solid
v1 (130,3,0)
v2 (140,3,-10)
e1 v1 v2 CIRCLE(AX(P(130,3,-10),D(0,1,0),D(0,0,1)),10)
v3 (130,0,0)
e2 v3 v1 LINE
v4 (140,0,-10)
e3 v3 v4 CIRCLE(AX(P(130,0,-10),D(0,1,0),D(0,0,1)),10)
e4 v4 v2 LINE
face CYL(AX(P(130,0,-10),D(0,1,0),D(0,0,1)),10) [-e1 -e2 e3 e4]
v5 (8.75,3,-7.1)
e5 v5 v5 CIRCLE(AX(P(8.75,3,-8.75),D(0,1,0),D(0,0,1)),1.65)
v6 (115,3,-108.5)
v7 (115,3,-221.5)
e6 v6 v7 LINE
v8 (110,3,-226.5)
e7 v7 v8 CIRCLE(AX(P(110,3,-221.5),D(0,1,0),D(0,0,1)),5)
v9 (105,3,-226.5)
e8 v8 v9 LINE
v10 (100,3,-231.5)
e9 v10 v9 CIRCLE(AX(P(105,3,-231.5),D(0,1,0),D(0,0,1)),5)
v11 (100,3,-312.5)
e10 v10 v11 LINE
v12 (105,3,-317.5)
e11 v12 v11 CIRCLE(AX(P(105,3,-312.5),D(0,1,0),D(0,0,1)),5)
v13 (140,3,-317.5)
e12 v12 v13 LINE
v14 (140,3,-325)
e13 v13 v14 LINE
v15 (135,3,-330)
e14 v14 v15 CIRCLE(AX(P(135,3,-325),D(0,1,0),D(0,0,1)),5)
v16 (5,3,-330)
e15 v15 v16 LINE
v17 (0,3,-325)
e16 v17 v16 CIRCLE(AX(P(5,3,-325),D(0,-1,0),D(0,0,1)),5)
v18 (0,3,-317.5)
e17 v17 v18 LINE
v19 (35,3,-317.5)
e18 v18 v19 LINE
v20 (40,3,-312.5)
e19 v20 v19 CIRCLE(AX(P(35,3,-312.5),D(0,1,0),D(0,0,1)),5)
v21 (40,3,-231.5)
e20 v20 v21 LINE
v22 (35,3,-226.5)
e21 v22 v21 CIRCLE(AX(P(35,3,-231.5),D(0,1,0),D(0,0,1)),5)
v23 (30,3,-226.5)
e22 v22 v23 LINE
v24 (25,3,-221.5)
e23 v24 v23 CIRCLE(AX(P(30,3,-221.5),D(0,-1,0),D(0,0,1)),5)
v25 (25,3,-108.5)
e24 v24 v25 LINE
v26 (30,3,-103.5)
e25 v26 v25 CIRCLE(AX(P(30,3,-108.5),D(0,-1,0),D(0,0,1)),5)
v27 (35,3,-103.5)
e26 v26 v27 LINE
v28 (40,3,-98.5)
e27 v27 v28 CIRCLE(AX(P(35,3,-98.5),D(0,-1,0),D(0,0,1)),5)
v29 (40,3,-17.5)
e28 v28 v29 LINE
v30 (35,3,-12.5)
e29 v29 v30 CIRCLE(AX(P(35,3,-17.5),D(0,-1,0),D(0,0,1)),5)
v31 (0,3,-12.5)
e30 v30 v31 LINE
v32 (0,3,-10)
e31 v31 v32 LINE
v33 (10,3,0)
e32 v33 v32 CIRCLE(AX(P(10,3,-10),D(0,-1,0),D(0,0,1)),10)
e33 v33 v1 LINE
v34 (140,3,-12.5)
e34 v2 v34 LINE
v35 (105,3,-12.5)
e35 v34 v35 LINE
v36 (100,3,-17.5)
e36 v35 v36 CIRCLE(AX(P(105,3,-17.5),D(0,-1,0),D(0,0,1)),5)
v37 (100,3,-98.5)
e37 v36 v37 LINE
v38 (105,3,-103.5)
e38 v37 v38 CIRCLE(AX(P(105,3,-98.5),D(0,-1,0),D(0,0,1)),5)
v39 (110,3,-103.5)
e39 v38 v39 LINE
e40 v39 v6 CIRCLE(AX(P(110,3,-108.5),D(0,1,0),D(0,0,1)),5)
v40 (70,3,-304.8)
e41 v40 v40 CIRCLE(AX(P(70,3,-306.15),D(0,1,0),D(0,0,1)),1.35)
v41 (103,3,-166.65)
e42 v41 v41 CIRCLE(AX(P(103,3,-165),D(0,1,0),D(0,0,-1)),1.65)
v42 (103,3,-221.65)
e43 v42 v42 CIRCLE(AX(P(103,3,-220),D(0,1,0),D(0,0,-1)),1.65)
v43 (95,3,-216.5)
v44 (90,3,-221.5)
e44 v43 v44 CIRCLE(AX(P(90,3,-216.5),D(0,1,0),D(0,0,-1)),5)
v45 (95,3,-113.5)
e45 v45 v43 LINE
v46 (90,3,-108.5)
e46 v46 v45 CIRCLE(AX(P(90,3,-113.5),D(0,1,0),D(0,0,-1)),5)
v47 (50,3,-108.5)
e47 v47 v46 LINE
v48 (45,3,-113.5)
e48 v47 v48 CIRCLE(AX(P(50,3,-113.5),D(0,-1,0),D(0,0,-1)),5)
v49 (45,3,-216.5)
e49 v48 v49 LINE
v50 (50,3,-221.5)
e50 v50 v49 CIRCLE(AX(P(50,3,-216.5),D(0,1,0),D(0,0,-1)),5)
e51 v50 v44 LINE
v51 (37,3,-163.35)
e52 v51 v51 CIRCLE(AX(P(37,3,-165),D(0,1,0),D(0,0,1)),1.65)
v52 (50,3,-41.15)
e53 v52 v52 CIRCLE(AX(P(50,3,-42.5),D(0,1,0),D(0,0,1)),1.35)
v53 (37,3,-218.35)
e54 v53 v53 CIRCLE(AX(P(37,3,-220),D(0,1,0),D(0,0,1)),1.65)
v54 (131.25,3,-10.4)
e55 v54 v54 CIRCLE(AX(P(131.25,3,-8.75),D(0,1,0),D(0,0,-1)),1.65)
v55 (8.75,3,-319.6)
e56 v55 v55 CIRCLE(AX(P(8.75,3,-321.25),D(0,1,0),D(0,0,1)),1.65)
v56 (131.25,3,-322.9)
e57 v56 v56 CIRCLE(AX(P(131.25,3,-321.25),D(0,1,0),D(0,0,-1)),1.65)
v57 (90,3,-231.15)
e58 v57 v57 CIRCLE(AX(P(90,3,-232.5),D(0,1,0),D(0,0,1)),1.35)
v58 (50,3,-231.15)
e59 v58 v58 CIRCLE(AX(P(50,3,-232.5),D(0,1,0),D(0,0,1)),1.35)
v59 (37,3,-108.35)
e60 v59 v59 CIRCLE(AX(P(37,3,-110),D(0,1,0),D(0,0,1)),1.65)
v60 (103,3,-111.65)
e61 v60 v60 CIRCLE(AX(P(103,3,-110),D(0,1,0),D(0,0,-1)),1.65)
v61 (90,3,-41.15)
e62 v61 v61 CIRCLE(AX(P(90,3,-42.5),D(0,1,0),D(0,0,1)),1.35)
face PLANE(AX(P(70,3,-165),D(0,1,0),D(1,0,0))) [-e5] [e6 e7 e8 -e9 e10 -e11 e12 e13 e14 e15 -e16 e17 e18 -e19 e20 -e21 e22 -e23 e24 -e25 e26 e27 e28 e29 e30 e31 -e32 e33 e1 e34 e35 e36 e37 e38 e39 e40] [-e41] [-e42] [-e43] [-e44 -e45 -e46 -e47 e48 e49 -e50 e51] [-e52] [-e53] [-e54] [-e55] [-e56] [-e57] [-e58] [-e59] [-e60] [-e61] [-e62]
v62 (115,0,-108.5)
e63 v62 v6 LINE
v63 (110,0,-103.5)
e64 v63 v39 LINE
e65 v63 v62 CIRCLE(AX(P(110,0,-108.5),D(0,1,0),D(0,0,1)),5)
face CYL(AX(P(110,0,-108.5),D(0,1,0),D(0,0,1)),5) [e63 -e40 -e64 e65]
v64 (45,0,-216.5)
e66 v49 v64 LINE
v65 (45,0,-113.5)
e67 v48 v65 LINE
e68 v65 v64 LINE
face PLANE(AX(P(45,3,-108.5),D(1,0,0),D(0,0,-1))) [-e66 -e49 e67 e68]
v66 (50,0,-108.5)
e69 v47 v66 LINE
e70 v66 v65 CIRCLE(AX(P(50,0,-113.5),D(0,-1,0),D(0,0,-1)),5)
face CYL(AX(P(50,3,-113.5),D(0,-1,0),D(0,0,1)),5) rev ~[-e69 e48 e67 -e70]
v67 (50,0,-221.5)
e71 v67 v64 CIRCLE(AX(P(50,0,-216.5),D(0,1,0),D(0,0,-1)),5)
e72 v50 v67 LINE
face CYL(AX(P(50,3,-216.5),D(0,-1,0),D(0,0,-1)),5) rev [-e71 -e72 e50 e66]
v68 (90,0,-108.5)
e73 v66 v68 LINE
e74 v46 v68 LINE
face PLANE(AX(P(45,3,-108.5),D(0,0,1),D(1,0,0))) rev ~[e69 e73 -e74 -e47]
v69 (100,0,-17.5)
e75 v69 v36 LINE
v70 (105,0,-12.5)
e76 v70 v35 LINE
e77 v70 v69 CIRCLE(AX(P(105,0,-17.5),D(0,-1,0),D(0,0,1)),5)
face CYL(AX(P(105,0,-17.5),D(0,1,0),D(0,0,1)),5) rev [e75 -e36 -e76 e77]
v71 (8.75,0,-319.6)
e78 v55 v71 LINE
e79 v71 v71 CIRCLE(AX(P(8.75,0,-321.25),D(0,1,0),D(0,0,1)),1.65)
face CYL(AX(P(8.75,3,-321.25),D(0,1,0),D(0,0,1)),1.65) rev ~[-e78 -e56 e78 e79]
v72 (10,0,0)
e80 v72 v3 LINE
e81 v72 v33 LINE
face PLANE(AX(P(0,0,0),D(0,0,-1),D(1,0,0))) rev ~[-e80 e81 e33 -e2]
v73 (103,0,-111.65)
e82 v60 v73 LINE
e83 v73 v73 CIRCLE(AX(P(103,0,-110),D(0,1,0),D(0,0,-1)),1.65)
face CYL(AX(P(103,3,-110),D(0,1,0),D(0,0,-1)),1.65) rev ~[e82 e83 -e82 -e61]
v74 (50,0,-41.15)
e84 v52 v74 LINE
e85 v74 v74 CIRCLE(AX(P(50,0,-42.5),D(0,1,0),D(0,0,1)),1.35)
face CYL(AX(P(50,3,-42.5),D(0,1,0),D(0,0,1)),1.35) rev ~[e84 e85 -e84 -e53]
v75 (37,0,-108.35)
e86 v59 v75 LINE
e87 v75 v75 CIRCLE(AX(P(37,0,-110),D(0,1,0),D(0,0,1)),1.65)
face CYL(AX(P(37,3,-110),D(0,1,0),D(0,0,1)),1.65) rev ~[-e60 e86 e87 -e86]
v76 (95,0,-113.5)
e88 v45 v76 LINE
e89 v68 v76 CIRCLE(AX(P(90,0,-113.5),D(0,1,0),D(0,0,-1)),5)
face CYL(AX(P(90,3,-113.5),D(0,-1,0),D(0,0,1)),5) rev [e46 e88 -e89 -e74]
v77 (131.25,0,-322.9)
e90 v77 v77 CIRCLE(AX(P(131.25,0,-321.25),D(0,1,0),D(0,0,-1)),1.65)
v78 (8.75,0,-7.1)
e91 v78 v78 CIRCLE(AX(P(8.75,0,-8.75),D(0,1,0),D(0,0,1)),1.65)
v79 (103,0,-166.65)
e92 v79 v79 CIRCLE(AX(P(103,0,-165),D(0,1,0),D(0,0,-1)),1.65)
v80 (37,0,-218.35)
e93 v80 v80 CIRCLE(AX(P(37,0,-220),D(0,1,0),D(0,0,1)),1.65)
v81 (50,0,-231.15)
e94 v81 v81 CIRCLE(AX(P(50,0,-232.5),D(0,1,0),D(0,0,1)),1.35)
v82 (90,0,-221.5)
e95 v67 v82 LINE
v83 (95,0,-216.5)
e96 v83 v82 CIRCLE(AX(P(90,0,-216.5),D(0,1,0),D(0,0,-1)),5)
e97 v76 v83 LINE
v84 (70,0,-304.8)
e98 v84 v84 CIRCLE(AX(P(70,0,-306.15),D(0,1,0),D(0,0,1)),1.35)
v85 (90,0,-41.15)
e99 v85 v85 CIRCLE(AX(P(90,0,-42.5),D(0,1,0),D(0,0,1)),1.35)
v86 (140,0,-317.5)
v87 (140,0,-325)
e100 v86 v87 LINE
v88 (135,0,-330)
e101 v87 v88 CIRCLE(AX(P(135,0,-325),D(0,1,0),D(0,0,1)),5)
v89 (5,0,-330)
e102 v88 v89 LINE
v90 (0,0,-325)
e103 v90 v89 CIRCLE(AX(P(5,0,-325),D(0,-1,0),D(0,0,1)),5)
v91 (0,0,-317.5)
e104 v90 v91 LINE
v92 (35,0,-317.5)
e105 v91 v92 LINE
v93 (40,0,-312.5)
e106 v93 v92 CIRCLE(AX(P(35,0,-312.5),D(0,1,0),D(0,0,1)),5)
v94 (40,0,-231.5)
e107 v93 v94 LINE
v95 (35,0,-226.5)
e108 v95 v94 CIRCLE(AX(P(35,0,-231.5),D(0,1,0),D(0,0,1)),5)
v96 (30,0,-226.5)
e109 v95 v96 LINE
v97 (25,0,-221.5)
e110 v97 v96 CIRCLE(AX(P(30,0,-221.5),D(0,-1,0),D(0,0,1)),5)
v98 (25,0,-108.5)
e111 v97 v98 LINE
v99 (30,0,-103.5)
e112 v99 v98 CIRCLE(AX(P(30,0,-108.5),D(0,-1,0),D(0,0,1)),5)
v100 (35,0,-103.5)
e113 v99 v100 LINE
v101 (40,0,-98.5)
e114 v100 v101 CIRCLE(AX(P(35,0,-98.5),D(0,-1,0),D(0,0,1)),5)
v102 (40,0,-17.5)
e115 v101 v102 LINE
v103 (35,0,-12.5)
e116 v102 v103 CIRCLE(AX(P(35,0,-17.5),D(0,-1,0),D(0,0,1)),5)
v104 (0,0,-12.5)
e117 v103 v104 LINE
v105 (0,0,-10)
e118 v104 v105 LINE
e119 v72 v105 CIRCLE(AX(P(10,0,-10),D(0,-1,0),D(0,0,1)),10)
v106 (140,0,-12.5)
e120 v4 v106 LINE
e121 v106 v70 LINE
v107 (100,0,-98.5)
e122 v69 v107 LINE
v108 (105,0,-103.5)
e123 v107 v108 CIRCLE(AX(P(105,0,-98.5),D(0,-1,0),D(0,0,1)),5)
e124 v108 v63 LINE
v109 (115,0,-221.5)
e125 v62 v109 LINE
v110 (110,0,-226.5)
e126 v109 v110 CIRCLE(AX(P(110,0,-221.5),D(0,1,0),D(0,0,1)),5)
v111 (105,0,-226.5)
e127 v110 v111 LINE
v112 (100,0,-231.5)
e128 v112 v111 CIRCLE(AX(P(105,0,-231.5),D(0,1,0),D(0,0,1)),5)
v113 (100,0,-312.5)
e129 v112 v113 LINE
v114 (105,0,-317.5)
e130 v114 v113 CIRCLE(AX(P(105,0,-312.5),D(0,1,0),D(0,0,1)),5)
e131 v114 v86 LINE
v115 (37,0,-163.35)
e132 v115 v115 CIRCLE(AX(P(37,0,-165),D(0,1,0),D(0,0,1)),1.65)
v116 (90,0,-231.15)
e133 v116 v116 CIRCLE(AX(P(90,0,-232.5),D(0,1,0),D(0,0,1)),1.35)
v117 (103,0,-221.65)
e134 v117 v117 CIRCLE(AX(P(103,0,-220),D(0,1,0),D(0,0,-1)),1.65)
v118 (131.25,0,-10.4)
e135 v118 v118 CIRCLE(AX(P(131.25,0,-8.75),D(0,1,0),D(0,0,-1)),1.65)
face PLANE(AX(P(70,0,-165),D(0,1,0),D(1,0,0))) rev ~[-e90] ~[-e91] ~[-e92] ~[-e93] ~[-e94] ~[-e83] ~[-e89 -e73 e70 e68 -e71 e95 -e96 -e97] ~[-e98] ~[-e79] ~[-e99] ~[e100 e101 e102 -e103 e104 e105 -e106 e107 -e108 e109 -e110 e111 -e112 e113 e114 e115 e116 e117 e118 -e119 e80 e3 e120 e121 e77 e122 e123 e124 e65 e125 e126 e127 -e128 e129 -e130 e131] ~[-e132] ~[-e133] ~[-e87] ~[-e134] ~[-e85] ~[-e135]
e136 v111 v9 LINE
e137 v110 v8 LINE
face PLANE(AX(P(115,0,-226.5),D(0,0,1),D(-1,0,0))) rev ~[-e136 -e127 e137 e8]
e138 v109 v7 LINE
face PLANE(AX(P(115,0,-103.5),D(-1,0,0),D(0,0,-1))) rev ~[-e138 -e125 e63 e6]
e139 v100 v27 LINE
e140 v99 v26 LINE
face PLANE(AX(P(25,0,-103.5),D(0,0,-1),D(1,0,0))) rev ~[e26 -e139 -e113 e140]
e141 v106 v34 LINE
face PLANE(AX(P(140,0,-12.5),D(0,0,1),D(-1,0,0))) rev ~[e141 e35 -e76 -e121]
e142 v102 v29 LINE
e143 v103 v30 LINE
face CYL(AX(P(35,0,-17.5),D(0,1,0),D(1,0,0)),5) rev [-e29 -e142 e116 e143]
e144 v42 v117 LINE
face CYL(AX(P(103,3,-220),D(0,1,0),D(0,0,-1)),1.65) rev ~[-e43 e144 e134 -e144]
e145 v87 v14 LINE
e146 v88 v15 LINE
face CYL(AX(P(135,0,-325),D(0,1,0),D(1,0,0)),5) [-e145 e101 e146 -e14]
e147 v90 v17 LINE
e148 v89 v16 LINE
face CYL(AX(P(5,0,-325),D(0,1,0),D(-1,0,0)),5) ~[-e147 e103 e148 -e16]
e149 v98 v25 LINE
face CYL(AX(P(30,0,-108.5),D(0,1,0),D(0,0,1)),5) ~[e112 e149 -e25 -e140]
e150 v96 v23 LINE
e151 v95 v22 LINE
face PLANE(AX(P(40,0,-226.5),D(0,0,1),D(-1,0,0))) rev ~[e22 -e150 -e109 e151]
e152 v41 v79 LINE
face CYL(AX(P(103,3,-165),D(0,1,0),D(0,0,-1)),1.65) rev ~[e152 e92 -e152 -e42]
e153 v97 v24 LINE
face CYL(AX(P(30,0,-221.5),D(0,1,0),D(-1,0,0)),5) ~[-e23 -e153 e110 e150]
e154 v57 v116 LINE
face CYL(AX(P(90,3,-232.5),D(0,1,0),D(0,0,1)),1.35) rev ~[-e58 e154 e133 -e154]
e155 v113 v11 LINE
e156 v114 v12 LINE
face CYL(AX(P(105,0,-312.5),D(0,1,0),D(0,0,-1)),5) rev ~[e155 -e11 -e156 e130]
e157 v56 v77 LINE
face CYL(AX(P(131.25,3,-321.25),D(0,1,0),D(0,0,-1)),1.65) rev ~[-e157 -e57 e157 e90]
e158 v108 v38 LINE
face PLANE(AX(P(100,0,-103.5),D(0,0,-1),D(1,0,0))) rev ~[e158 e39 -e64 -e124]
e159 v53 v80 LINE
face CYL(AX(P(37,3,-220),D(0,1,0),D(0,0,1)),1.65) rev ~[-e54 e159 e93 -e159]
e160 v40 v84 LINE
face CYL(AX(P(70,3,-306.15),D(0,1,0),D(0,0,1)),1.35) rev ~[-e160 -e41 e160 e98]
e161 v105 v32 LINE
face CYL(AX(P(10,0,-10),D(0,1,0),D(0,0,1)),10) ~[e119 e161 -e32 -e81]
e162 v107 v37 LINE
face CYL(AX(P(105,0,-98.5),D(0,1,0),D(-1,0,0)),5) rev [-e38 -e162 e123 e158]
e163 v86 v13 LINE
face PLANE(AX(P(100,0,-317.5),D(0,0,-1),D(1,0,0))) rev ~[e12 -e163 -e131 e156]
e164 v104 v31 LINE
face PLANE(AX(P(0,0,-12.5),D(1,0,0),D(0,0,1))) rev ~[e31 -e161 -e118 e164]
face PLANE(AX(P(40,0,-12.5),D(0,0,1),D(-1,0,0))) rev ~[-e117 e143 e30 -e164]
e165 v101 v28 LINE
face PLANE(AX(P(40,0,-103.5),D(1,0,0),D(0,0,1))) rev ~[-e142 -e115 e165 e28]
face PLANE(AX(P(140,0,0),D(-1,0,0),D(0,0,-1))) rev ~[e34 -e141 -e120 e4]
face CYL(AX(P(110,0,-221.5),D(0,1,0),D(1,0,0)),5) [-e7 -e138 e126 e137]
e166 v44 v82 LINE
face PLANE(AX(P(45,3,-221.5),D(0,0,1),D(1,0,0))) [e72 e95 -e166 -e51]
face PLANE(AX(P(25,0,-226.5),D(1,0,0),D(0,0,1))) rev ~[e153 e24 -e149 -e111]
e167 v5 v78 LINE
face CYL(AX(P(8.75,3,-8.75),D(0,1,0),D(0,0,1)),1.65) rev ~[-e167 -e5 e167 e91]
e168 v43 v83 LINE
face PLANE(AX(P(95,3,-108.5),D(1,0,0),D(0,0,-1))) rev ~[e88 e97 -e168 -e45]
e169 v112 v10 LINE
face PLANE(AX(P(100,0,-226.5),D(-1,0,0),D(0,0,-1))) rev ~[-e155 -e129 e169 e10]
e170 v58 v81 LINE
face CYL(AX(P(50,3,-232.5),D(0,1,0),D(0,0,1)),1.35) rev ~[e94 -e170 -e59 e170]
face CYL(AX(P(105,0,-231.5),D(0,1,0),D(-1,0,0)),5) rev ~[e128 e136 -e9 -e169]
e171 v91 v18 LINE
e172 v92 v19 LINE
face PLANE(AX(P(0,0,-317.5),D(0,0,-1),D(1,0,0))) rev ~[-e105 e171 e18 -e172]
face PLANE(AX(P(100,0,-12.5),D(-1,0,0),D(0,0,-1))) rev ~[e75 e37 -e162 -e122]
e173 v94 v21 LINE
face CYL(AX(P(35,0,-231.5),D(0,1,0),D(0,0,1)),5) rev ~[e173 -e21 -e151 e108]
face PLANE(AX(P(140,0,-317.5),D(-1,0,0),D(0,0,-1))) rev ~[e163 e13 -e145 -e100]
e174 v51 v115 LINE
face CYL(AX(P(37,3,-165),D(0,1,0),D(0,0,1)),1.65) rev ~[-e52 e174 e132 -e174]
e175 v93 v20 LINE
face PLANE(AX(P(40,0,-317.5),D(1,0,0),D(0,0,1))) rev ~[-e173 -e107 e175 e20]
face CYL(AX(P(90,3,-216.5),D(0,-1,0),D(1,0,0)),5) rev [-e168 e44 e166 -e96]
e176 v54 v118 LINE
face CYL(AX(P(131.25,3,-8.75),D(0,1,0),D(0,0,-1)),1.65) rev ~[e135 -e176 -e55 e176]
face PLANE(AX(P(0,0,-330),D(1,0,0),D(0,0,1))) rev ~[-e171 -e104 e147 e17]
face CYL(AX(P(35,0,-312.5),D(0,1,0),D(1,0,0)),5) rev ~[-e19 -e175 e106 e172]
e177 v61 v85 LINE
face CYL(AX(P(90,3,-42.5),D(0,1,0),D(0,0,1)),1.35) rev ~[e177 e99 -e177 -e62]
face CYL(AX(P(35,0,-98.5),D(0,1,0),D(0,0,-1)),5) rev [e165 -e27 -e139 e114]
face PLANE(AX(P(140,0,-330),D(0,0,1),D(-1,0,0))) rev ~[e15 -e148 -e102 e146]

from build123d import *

# Parameters (mm, degrees)
BOSS_EXTRUDE1_DEPTH = 3
FILLET1_R           = 10
FILLET2_R           = 5
SKETCH2_R           = 1.65
CUT_EXTRUDE1_DEPTH  = 359.481519747
SKETCH3_R           = 1.65
CUT_EXTRUDE2_DEPTH  = 359.481519747
SKETCH4_R           = 1.65
CUT_EXTRUDE3_DEPTH  = 359.481519747
FILLET3_R           = 5
SKETCH5_R           = 1.35
CUT_EXTRUDE4_DEPTH  = 10
SKETCH6_W           = 50
SKETCH6_H           = 113
CUT_EXTRUDE5_DEPTH  = 10
FILLET4_R           = 5


with BuildPart() as part:
    # Sketch1 → Boss-Extrude1 (new body)
    with BuildSketch(Plane(origin=(0, 0, 0), x_dir=(1, 0, 0), z_dir=(0, 1, 0))):
        Polygon((0, 0), (140, 0), (140, 12.5), (100, 12.5), (100, 103.5), (115, 103.5), (115, 226.5), (100, 226.5), (100, 317.5), (140, 317.5), (140, 330), (0, 330), (0, 317.5), (40, 317.5), (40, 226.5), (25, 226.5), (25, 103.5), (40, 103.5), (40, 12.5), (0, 12.5), align=None)
    extrude(amount=BOSS_EXTRUDE1_DEPTH)

    # Fillet1
    fillet1_edges = [part.edges().sort_by_distance(p)[0] for p in [
        (140, 1.5, 0),
        (0, 1.5, 0),
    ]]
    fillet(fillet1_edges, radius=FILLET1_R)

    # Fillet2
    fillet2_edges = [part.edges().sort_by_distance(p)[0] for p in [
        (25, 1.5, -103.5),
        (25, 1.5, -226.5),
        (0, 1.5, -330),
        (140, 1.5, -330),
        (115, 1.5, -226.5),
        (115, 1.5, -103.5),
    ]]
    fillet(fillet2_edges, radius=FILLET2_R)

    # Sketch2 → Cut-Extrude1 (cut, through all)
    with BuildSketch(Plane(origin=(0, 3, 0), x_dir=(1, 0, 0), z_dir=(0, 1, 0))):
        with Locations(Location((37, 220, 0), (0, 0, 270))):
            Circle(SKETCH2_R)
        with Locations(Location((37, 165, 0), (0, 0, 270))):
            Circle(SKETCH2_R)
        with Locations(Location((37, 110, 0), (0, 0, 270))):
            Circle(SKETCH2_R)
        with Locations(Location((103, 110, 0), (0, 0, 90))):
            Circle(SKETCH2_R)
        with Locations(Location((103, 165, 0), (0, 0, 90))):
            Circle(SKETCH2_R)
        with Locations(Location((103, 220, 0), (0, 0, 90))):
            Circle(SKETCH2_R)
    extrude(amount=-CUT_EXTRUDE1_DEPTH, mode=Mode.SUBTRACT)

    # Sketch3 → Cut-Extrude2 (cut, through all)
    with BuildSketch(Plane(origin=(0, 3, 0), x_dir=(1, 0, 0), z_dir=(0, 1, 0))):
        with Locations(Location((8.75, 8.75, 0), (0, 0, 270))):
            Circle(SKETCH3_R)
        with Locations(Location((131.25, 8.75, 0), (0, 0, 90))):
            Circle(SKETCH3_R)
    extrude(amount=-CUT_EXTRUDE2_DEPTH, mode=Mode.SUBTRACT)

    # Sketch4 → Cut-Extrude3 (cut, through all)
    with BuildSketch(Plane(origin=(0, 3, 0), x_dir=(1, 0, 0), z_dir=(0, 1, 0))):
        with Locations(Location((8.75, 321.25, 0), (0, 0, 270))):
            Circle(SKETCH4_R)
        with Locations(Location((131.25, 321.25, 0), (0, 0, 90))):
            Circle(SKETCH4_R)
    extrude(amount=-CUT_EXTRUDE3_DEPTH, mode=Mode.SUBTRACT)

    # Fillet3
    fillet3_edges = [part.edges().sort_by_distance(p)[0] for p in [
        (40, 1.5, -12.5),
        (40, 1.5, -103.5),
        (40, 1.5, -226.5),
        (40, 1.5, -317.5),
        (100, 1.5, -317.5),
        (100, 1.5, -226.5),
        (100, 1.5, -103.5),
        (100, 1.5, -12.5),
    ]]
    fillet(fillet3_edges, radius=FILLET3_R)

    # Sketch5 → Cut-Extrude4 (cut)
    with BuildSketch(Plane(origin=(0, 3, 0), x_dir=(1, 0, 0), z_dir=(0, 1, 0))):
        with Locations(Location((50, 42.5, 0), (0, 0, 270))):
            Circle(SKETCH5_R)
        with Locations(Location((90, 42.5, 0), (0, 0, 270))):
            Circle(SKETCH5_R)
        with Locations(Location((50, 232.5, 0), (0, 0, 270))):
            Circle(SKETCH5_R)
        with Locations(Location((90, 232.5, 0), (0, 0, 270))):
            Circle(SKETCH5_R)
        with Locations(Location((70, 306.15, 0), (0, 0, 270))):
            Circle(SKETCH5_R)
    extrude(amount=-CUT_EXTRUDE4_DEPTH, mode=Mode.SUBTRACT)

    # Sketch6 → Cut-Extrude5 (cut)
    with BuildSketch(Plane(origin=(0, 3, 0), x_dir=(1, 0, 0), z_dir=(0, 1, 0))):
        with Locations((70, 165)):
            Rectangle(SKETCH6_W, SKETCH6_H)
    extrude(amount=-CUT_EXTRUDE5_DEPTH, mode=Mode.SUBTRACT)

    # Fillet4
    fillet4_edges = [part.edges().sort_by_distance(p)[0] for p in [
        (45, 1.5, -108.5),
        (45, 1.5, -221.5),
        (95, 1.5, -221.5),
        (95, 1.5, -108.5),
    ]]
    fillet(fillet4_edges, radius=FILLET4_R)


solid = part.part
